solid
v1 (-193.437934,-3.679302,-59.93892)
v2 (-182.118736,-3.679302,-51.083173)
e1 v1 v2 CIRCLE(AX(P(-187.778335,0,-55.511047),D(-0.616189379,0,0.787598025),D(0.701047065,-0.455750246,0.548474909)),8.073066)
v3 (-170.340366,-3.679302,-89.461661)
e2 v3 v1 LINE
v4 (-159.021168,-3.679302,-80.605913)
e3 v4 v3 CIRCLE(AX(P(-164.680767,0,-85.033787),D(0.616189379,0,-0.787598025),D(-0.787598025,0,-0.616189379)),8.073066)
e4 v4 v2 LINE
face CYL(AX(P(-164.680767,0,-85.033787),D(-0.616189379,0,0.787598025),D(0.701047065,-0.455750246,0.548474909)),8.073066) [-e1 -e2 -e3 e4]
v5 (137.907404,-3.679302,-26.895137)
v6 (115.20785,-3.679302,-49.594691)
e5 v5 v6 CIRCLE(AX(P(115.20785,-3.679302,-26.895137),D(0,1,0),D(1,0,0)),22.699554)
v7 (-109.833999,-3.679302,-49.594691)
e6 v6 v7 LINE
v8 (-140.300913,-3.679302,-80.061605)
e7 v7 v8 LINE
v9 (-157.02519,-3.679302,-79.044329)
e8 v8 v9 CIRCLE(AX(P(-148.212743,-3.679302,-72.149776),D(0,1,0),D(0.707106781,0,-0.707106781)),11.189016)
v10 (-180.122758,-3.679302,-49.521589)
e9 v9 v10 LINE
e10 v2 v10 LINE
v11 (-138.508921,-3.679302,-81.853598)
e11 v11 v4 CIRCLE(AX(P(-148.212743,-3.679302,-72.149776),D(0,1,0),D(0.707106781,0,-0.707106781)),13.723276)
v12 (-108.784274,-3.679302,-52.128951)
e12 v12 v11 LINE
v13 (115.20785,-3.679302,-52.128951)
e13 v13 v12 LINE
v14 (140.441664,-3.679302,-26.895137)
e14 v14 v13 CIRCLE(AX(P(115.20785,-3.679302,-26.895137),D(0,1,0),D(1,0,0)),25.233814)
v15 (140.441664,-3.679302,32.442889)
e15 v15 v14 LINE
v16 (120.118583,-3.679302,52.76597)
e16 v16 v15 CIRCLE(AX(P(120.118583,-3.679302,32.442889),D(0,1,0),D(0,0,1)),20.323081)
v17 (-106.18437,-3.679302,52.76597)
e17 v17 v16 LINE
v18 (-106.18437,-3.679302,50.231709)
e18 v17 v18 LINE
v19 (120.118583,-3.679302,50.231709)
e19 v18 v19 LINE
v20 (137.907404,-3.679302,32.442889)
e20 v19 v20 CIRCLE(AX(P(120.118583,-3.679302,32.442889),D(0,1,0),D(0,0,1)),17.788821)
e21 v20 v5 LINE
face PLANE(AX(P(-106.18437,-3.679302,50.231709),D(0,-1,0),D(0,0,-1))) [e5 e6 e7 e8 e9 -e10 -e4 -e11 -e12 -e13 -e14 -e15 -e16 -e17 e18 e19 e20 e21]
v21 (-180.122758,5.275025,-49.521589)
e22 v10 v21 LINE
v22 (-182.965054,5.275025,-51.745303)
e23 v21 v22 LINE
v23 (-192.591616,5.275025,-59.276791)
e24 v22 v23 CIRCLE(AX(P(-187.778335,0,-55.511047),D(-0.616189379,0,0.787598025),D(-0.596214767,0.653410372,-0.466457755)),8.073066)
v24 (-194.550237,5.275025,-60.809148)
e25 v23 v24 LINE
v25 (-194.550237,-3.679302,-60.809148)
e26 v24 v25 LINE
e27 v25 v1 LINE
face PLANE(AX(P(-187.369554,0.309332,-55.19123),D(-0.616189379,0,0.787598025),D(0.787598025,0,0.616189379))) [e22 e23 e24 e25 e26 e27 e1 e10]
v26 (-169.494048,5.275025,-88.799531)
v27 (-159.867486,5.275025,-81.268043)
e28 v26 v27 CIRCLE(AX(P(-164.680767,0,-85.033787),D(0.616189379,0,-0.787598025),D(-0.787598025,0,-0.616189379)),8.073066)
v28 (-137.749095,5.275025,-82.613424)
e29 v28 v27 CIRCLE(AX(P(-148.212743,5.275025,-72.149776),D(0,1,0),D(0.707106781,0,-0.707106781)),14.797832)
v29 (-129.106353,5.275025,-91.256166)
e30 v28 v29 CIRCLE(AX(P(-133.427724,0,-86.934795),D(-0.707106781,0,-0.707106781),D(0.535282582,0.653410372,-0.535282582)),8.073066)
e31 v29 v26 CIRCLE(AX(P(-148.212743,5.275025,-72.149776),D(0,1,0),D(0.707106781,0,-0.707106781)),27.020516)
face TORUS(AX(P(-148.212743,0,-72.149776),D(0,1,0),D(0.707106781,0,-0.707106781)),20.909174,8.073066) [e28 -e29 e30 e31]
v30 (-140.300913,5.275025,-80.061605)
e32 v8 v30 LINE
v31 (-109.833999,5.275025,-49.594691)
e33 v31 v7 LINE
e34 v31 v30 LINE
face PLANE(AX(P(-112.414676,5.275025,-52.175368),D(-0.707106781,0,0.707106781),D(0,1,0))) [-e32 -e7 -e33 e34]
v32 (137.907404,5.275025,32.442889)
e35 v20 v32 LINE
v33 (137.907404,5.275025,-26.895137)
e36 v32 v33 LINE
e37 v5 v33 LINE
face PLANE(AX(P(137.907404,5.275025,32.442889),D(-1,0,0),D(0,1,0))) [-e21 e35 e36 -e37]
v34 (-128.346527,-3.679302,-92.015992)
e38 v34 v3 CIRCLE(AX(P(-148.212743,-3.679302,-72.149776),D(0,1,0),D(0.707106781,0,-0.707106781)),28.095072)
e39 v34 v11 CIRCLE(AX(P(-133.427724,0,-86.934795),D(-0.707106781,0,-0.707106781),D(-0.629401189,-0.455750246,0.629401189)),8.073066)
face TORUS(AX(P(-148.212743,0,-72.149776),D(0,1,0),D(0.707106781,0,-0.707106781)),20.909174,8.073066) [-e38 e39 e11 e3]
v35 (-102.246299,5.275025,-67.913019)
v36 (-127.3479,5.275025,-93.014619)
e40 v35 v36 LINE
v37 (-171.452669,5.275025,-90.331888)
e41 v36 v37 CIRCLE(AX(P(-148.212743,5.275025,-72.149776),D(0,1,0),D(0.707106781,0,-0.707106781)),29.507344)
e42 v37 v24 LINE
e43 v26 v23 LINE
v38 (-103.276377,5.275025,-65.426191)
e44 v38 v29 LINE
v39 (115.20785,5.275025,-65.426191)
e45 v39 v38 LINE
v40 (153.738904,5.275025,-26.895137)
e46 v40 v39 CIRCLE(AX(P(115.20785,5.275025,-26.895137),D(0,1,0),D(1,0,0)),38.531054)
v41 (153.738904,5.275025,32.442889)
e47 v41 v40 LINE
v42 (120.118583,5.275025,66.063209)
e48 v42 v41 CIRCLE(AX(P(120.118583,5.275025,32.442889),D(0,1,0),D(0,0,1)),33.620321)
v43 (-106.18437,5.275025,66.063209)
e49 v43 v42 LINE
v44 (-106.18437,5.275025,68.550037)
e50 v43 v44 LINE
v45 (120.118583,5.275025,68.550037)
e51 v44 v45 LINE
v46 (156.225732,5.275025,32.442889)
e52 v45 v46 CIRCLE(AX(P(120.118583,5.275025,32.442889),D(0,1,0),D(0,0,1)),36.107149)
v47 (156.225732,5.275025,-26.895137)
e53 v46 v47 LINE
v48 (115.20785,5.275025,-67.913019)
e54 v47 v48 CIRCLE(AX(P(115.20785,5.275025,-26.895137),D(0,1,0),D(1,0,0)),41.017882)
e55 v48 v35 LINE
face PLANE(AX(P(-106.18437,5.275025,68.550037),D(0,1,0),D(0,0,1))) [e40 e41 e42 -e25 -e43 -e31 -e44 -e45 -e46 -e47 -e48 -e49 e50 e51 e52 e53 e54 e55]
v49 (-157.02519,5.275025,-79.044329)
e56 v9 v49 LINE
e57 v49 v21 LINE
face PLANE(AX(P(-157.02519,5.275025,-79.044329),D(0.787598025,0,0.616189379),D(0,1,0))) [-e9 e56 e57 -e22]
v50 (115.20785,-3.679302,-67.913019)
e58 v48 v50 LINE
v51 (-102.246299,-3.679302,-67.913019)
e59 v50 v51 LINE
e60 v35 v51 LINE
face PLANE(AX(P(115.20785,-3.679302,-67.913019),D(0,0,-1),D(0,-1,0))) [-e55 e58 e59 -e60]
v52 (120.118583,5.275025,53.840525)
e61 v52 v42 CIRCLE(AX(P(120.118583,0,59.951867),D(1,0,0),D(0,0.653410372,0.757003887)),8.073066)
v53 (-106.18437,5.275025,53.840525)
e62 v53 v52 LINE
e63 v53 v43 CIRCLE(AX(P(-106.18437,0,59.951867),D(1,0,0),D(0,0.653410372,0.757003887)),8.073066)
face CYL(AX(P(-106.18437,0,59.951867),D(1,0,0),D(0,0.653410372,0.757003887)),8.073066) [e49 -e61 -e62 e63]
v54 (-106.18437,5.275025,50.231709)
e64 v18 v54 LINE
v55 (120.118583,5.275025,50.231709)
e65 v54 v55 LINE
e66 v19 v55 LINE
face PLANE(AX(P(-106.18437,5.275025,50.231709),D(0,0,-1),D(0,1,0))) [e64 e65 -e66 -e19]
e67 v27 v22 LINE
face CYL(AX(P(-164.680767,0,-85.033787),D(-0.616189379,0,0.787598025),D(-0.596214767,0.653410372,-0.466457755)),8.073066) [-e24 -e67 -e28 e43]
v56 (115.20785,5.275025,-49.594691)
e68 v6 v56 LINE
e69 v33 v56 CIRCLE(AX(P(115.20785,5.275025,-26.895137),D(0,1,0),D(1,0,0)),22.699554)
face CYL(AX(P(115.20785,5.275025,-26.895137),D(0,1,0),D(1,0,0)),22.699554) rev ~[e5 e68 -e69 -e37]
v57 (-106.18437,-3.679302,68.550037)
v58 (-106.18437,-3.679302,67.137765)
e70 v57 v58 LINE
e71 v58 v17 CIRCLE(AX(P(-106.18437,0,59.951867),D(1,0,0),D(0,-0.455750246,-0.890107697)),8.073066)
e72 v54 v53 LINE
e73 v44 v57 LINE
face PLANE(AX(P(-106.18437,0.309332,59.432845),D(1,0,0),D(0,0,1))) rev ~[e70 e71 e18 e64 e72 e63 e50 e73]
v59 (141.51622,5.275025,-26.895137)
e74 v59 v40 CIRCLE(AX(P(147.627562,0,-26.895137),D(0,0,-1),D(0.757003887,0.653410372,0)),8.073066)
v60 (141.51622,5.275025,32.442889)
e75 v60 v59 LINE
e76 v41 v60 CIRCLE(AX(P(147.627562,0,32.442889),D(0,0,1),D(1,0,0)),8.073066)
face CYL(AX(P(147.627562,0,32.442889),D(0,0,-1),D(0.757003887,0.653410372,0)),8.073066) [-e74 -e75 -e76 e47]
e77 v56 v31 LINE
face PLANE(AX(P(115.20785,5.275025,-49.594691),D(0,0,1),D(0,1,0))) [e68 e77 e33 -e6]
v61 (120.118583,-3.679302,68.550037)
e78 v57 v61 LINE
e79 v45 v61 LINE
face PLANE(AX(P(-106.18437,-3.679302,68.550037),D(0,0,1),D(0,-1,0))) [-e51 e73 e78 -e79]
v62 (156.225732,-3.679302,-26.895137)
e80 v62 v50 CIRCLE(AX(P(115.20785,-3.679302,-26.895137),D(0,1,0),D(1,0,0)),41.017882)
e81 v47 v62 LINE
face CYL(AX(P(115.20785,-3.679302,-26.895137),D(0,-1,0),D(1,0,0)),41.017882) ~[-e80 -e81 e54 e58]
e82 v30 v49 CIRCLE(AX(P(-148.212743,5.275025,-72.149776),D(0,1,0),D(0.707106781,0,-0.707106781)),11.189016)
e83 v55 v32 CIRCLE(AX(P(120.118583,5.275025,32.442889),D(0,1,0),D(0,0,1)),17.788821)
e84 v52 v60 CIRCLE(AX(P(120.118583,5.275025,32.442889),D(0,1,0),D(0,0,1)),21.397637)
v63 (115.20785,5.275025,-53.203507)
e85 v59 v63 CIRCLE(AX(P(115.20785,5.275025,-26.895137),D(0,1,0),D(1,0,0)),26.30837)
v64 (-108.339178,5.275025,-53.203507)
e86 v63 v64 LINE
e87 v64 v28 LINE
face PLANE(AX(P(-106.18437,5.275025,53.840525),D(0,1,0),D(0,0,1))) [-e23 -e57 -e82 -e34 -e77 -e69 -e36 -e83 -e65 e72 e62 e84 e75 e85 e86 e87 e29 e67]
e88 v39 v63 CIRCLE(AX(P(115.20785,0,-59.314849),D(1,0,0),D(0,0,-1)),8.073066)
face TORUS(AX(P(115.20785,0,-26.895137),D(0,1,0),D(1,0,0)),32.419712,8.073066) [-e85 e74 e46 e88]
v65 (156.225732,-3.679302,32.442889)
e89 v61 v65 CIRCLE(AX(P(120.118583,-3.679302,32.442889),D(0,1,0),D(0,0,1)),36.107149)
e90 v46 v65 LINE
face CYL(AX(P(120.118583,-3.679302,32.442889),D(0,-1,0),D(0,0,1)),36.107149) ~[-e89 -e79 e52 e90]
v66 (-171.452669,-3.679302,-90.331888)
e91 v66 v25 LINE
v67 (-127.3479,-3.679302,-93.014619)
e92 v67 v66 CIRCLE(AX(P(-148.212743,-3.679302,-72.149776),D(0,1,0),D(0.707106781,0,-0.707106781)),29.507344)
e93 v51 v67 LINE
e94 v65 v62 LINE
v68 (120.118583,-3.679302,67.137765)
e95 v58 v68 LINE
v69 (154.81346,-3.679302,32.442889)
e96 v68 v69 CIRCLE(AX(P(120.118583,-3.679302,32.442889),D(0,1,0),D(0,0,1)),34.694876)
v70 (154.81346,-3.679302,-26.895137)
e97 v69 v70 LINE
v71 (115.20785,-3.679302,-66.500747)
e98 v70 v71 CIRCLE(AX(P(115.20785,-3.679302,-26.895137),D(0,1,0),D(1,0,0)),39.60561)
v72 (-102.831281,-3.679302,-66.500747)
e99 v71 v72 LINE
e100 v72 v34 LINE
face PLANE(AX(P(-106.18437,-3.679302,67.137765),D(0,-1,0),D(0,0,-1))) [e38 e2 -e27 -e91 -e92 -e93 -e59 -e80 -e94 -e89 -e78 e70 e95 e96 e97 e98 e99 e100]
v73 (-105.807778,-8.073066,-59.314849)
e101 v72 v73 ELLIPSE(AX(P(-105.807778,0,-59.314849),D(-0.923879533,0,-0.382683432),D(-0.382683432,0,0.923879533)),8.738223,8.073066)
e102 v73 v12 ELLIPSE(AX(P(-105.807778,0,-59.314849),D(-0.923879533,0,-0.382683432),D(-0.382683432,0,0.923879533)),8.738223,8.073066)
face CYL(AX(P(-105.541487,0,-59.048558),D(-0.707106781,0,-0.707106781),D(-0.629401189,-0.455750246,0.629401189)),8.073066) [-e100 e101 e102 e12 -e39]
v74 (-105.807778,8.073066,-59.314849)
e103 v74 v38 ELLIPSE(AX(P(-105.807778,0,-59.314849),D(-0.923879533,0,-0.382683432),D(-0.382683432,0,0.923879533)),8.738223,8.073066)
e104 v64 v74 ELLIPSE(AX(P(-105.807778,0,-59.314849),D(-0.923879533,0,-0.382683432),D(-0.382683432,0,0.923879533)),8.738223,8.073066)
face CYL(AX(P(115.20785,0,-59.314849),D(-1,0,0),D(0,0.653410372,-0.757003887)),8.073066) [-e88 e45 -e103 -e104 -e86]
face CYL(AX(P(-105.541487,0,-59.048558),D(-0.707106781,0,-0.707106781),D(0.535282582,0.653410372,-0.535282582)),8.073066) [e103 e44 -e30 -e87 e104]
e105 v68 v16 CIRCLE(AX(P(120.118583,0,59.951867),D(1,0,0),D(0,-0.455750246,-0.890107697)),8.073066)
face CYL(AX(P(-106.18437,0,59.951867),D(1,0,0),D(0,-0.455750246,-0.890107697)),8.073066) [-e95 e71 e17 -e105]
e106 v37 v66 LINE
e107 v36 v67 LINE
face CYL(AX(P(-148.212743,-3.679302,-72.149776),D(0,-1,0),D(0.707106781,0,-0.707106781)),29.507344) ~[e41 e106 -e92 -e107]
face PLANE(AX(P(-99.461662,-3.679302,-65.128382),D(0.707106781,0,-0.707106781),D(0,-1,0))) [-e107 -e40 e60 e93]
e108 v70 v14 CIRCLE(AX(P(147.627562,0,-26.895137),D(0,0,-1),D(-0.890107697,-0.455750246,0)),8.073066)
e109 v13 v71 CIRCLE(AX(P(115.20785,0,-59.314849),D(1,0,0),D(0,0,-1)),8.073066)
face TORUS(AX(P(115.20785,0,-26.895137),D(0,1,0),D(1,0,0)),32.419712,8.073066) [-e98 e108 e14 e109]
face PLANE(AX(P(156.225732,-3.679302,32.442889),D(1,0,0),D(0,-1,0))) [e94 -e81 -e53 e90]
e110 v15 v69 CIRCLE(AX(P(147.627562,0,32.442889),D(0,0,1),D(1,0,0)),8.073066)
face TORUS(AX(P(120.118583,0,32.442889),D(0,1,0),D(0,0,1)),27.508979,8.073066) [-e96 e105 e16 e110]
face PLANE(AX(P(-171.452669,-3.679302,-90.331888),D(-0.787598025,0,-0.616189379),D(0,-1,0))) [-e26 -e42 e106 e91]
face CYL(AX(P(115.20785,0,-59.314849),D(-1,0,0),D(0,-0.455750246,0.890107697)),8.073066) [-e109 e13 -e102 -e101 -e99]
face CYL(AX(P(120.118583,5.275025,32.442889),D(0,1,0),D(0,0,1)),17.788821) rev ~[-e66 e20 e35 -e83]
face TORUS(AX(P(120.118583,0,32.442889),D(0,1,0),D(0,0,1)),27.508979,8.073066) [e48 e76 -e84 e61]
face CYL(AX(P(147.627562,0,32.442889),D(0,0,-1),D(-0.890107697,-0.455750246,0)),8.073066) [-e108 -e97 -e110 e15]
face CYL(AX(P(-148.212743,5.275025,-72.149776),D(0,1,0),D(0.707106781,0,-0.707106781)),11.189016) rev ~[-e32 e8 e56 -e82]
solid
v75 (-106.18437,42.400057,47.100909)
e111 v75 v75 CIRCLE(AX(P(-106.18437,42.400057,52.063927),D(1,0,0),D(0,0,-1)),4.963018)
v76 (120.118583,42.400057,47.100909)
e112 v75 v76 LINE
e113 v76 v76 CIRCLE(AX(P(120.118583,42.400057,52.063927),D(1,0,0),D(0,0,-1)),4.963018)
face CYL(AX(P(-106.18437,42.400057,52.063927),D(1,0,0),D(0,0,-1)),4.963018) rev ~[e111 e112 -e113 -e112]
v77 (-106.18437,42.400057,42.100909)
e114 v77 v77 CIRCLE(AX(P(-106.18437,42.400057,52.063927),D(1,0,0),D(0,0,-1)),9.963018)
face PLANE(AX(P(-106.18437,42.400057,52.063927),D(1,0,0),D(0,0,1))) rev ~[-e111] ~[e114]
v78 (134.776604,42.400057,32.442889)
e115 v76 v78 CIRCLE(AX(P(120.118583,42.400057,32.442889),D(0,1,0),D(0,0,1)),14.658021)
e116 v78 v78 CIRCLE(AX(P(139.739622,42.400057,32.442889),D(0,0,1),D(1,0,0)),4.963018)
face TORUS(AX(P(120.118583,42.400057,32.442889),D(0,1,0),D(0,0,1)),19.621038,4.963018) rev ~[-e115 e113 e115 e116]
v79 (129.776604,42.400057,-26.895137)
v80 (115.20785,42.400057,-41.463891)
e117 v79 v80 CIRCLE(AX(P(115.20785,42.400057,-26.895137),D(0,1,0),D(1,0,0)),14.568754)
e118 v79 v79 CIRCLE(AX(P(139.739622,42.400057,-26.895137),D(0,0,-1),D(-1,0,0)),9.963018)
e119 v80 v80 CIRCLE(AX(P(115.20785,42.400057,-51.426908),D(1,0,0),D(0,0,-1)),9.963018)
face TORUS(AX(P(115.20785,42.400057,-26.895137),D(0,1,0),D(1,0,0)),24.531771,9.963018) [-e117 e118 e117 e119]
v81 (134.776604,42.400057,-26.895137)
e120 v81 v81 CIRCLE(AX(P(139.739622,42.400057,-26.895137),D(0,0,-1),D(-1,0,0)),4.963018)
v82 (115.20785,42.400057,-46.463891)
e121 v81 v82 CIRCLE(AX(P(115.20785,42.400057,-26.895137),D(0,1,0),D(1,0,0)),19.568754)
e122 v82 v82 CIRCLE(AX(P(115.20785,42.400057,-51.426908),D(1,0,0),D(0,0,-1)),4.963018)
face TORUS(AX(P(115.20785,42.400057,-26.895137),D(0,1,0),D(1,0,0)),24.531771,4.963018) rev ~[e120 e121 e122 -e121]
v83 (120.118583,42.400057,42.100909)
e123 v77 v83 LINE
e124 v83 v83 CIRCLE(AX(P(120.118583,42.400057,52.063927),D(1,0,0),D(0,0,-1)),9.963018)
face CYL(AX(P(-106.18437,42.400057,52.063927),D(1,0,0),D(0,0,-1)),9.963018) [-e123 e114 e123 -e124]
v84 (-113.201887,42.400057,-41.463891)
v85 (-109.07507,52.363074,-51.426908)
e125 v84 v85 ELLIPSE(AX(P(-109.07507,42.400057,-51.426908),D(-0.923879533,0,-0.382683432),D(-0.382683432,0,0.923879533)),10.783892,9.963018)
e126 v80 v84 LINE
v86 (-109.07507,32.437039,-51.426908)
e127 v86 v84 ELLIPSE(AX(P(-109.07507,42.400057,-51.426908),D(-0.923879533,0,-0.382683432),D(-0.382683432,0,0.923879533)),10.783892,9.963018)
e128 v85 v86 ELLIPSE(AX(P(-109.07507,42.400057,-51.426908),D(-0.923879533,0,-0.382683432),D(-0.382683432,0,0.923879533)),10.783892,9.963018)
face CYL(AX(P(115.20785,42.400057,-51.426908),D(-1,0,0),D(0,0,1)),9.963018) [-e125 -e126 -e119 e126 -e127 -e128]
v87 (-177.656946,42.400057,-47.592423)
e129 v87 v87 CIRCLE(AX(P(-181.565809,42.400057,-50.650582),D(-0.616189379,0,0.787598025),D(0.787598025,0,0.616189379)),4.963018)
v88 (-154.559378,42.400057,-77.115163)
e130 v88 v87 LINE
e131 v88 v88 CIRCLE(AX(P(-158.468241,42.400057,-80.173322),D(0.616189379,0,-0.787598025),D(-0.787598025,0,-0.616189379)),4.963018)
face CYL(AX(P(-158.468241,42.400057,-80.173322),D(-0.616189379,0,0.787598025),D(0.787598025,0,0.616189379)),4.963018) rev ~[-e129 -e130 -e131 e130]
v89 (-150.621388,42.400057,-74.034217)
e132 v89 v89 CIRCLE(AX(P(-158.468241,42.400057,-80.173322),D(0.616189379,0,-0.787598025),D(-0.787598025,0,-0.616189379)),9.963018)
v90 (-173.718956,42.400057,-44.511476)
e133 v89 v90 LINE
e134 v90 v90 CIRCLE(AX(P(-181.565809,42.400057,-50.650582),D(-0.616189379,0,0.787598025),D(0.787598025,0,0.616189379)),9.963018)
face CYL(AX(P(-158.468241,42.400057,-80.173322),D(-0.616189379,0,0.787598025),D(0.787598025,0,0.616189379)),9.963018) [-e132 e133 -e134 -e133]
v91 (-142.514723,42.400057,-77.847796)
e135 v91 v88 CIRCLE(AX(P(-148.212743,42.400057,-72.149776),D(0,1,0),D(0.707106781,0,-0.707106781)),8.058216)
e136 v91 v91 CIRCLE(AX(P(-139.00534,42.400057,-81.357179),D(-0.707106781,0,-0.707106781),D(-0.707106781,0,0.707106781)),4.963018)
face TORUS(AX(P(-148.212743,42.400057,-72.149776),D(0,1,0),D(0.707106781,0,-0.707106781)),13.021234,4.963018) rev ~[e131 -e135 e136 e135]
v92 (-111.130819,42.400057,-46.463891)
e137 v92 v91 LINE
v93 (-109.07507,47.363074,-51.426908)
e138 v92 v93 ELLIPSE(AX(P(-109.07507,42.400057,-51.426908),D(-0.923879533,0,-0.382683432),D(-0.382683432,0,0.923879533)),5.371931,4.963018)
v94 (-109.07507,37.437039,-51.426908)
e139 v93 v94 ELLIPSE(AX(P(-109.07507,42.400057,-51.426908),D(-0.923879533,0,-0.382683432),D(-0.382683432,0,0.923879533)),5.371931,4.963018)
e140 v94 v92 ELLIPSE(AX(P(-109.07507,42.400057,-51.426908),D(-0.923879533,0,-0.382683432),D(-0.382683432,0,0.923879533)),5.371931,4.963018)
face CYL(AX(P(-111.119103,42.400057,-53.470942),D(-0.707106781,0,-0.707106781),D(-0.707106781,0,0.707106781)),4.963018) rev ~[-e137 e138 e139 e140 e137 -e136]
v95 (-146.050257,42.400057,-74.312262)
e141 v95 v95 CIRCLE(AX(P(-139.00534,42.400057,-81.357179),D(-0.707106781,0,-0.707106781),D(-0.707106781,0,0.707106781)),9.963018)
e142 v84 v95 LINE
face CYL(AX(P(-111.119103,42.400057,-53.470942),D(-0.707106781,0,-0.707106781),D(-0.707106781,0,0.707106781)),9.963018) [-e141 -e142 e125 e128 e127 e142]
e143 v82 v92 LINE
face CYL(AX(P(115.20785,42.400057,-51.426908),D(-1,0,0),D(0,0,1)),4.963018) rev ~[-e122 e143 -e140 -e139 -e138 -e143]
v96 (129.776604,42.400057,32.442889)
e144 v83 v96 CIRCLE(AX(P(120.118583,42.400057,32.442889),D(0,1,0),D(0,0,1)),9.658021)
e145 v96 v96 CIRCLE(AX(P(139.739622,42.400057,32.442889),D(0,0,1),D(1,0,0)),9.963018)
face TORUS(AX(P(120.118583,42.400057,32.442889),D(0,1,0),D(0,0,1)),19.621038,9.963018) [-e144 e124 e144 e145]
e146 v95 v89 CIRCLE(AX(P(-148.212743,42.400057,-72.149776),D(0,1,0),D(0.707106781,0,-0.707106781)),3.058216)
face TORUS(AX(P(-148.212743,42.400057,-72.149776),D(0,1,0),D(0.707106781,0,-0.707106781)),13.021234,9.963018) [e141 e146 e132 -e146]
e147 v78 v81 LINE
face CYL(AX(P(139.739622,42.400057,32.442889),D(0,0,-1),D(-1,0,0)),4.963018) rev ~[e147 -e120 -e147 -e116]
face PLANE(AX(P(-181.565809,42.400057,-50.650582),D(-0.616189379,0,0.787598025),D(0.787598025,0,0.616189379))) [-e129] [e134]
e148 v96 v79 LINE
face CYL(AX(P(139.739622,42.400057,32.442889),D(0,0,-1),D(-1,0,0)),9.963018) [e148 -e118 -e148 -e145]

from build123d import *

# Parameters (mm, degrees)
CIRCLE_OUT_PATH_R   = 9.96301755
CIRCLE_OUT_PATH_R_2 = 4.96301755


with BuildPart() as part:
    # Sweep1: sweep along a path in Path
    with BuildLine(Plane(origin=(0, 0, 0), x_dir=(1, 0, 0), z_dir=(0, 1, 0))) as sweep1_path:
        Line((-106.184369929, -59.042693327), (120.118583283, -59.042693327))
        ThreePointArc((120.118583283, -59.042693327), (138.927485513, -51.25179093), (146.71838791, -32.4428887))
        Line((146.71838791, -32.4428887), (146.71838791, 26.895137006))
        ThreePointArc((146.71838791, 26.895137006), (137.489165071, 49.176451956), (115.207850121, 58.405674795))
        Line((115.207850121, 58.405674795), (-106.184369929, 58.405674795))
        Line((-106.184369929, 58.405674795), (-134.070607025, 86.291911892))
        ThreePointArc((-134.070607025, 86.291911892), (-149.427024925, 92.112880199), (-163.964703156, 84.473563843))
        Line((-163.964703156, 84.473563843), (-187.062271503, 54.950823192))
    # profile circle → Sweep1 (sweep)
    with BuildSketch(Plane(origin=(0, 0, 0), x_dir=(0, 0, -1), z_dir=(1, 0, 0))):
        with BuildLine():
            Line((-68.550037376, 5.2750248), (-66.063209392, 5.2750248))
            ThreePointArc((-66.063209392, 5.2750248), (-59.951867352, 8.0730656), (-53.840525311, 5.2750248))
            Line((-53.840525311, 5.2750248), (-50.231709436, 5.2750248))
            Line((-50.231709436, 5.2750248), (-50.231709436, -3.679301637))
            Line((-50.231709436, -3.679301637), (-52.765969521, -3.679301637))
            ThreePointArc((-52.765969521, -3.679301637), (-59.951867352, -8.0730656), (-67.137765183, -3.679301637))
            Line((-67.137765183, -3.679301637), (-68.550037376, -3.679301637))
            Line((-68.550037376, -3.679301637), (-68.550037376, 5.2750248))
        make_face()
    sweep(path=sweep1_path.line, transition=Transition.RIGHT)


with BuildPart() as body_2:
    # Sweep-Thin1: sweep along a path in Path<2>
    with BuildLine(Plane(origin=(0, 0, 0), x_dir=(1, 0, 0), z_dir=(0, 1, 0))) as sweep_thin1_path:
        Line((-106.184369929, -59.042693327), (120.118583283, -59.042693327))
        ThreePointArc((120.118583283, -59.042693327), (138.927485513, -51.25179093), (146.71838791, -32.4428887))
        Line((146.71838791, -32.4428887), (146.71838791, 26.895137006))
        ThreePointArc((146.71838791, 26.895137006), (137.489165071, 49.176451956), (115.207850121, 58.405674795))
        Line((115.207850121, 58.405674795), (-106.184369929, 58.405674795))
        Line((-106.184369929, 58.405674795), (-134.070607025, 86.291911892))
        ThreePointArc((-134.070607025, 86.291911892), (-149.427024925, 92.112880199), (-163.964703156, 84.473563843))
        Line((-163.964703156, 84.473563843), (-187.062271503, 54.950823192))
    # circle out path → Sweep-Thin1 (sweep)
    with BuildSketch(Plane(origin=(0, 0, 0), x_dir=(0, 0, -1), z_dir=(1, 0, 0))):
        with Locations((-52.063927017, 42.400056729)):
            Circle(CIRCLE_OUT_PATH_R)
        with Locations((-52.063927017, 42.400056729)):
            Circle(CIRCLE_OUT_PATH_R_2, mode=Mode.SUBTRACT)
    sweep(path=sweep_thin1_path.line, transition=Transition.RIGHT)


solid = Compound([part.part, body_2.part])
